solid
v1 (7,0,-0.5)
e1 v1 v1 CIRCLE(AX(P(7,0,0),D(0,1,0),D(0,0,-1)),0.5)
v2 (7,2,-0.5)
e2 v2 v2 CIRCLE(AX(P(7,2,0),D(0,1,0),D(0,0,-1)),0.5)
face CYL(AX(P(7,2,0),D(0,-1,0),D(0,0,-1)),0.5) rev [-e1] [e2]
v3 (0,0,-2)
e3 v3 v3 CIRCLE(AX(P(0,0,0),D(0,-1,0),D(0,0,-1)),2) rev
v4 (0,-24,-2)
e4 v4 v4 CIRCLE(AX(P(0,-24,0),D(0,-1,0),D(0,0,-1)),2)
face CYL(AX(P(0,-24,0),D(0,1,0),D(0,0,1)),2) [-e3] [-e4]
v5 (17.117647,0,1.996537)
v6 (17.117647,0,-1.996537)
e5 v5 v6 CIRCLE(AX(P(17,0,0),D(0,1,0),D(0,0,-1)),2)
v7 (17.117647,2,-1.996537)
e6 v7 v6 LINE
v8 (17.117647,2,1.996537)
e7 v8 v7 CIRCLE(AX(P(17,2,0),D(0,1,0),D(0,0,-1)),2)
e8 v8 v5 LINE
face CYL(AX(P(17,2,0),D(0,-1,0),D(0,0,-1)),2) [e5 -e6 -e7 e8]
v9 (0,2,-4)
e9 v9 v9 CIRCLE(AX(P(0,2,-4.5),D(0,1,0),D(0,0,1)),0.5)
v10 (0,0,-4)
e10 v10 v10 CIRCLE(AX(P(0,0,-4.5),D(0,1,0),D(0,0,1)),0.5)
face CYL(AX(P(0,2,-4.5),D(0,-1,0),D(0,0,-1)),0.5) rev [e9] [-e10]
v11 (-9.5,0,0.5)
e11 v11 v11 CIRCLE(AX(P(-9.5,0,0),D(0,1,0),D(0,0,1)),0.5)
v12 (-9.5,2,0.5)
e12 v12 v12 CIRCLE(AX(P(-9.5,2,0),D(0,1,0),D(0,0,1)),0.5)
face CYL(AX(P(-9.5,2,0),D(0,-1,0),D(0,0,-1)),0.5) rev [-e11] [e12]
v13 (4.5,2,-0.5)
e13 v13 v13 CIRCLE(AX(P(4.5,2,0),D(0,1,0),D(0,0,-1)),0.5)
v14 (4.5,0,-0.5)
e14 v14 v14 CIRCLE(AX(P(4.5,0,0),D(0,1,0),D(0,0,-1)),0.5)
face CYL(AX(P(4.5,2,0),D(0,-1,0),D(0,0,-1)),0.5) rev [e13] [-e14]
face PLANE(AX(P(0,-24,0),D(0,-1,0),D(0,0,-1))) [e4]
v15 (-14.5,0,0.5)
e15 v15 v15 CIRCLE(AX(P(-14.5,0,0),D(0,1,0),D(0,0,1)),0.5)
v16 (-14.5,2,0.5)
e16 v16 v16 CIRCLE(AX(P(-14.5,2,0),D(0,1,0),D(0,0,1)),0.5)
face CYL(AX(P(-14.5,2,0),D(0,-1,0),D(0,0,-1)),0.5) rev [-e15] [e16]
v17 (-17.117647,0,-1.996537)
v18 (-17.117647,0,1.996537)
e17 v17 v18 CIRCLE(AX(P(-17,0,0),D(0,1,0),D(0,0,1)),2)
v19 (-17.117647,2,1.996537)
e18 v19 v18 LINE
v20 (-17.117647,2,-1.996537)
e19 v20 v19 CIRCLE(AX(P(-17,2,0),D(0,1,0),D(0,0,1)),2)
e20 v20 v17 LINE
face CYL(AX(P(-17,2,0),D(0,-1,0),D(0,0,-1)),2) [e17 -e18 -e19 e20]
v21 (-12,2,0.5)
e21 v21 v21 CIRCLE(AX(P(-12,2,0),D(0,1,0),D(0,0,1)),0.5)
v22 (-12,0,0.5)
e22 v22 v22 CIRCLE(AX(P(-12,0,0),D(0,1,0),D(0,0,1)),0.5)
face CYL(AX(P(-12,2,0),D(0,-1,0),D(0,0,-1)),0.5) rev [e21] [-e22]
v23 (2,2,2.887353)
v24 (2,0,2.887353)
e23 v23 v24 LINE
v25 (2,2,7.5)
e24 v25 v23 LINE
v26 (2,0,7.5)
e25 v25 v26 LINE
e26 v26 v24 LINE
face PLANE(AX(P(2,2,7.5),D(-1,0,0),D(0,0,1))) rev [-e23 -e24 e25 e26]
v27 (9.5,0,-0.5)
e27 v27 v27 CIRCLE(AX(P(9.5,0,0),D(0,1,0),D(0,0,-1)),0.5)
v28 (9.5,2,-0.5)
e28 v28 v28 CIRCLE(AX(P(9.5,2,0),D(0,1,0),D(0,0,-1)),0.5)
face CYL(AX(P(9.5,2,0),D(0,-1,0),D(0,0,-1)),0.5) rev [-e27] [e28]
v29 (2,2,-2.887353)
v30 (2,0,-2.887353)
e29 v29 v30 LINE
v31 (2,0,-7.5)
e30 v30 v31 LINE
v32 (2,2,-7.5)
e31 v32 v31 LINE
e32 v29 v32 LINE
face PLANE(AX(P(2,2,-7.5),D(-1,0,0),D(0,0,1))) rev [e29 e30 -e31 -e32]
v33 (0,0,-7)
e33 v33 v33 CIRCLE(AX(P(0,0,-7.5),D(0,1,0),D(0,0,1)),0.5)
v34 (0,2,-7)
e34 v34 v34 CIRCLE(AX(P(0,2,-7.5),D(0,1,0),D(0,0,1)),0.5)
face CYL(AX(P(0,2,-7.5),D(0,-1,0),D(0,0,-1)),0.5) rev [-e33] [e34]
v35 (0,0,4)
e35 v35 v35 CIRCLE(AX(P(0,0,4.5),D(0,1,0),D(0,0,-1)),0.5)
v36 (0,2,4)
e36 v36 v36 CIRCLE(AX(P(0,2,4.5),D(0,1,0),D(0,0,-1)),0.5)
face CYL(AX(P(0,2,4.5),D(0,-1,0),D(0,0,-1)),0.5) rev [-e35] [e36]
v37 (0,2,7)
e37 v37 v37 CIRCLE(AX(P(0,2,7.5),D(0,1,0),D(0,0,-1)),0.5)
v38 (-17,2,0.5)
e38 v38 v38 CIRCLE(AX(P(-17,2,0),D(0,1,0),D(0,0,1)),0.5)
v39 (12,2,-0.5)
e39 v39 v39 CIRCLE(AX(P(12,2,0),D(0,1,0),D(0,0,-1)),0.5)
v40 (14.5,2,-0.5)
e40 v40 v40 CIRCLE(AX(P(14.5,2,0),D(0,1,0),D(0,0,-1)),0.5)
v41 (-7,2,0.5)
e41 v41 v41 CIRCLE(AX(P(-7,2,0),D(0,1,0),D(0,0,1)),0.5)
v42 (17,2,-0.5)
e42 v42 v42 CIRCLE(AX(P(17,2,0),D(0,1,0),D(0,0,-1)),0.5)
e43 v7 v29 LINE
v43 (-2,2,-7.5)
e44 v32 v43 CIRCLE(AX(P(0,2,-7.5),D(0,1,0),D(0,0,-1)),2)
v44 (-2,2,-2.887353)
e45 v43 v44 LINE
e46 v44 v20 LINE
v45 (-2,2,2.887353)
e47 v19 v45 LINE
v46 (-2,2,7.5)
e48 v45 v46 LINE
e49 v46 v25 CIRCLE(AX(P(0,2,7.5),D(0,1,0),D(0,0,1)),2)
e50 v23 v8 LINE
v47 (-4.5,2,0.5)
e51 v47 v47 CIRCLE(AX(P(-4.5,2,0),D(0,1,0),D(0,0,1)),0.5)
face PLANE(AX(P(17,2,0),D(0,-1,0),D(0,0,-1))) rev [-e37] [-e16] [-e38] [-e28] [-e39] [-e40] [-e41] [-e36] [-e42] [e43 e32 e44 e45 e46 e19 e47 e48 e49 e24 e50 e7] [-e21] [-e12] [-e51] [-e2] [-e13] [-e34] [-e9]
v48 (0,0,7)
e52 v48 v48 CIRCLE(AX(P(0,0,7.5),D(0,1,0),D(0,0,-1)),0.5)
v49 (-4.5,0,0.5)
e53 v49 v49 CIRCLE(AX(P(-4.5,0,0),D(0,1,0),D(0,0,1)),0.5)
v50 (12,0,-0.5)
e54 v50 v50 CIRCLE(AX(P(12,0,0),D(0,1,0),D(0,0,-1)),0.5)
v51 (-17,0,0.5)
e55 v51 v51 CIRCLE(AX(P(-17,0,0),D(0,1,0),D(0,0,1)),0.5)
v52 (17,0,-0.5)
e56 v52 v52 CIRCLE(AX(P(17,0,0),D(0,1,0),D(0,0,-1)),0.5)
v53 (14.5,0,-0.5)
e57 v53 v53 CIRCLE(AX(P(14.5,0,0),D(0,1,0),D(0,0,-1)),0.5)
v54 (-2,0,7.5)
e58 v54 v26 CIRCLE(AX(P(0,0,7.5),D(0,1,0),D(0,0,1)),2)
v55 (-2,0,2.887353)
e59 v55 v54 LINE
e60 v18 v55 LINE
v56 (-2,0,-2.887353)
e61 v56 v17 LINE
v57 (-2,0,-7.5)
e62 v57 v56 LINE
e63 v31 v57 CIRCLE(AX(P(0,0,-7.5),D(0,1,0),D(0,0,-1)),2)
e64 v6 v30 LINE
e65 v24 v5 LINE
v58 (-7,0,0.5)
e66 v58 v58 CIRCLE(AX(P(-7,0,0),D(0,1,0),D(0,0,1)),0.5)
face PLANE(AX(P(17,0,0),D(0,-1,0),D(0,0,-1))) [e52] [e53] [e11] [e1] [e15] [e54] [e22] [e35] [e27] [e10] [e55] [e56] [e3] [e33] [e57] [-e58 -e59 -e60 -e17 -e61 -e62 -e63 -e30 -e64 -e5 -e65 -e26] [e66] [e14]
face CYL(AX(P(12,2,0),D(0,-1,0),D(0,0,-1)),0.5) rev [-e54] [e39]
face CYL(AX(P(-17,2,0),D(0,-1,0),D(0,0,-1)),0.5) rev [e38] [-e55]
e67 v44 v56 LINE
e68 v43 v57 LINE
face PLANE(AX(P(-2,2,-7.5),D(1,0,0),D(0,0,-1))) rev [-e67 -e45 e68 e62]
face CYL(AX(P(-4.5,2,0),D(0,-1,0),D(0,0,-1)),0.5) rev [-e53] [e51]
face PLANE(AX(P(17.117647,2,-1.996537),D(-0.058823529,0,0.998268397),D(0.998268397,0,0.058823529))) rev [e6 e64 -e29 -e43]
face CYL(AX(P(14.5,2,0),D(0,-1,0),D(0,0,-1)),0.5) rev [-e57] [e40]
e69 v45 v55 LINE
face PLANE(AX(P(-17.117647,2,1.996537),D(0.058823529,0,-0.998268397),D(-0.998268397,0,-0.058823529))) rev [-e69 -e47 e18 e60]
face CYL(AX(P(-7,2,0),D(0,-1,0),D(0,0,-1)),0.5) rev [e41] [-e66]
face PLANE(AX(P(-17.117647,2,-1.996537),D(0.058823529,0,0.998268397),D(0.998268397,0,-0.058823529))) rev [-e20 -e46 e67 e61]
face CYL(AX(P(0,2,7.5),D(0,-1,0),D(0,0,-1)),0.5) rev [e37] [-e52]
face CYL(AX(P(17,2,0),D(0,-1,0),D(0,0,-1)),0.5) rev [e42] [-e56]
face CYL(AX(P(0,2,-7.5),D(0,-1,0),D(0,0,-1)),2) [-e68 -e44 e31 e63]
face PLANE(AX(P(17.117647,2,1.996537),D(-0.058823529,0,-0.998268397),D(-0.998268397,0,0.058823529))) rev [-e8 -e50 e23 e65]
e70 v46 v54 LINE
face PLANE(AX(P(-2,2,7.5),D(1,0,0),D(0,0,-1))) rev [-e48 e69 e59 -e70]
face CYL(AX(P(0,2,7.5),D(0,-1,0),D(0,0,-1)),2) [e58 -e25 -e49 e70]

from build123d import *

# Parameters (mm, degrees)
SKETCH1_R           = 2
SKETCH1_R_2         = 0.5
BOSS_EXTRUDE1_DEPTH = 2
BOSS_EXTRUDE2_START = 2
SKETCH1_3_R         = 2
BOSS_EXTRUDE2_DEPTH = 26


with BuildPart() as part:
    # Sketch1 → Boss-Extrude1 (new body)
    with BuildSketch(Plane(origin=(0, 0, 0), x_dir=(1, 0, 0), z_dir=(0, 1, 0))):
        with BuildLine():
            Line((2, 7.5), (2, 2.88735269))
            Line((2, 2.88735269), (17.117647059, 1.996536794))
            ThreePointArc((17.117647059, 1.996536794), (19, 0), (17.117647059, -1.996536794))
            Line((17.117647059, -1.996536794), (2, -2.88735269))
            Line((2, -2.88735269), (2, -7.5))
            ThreePointArc((2, -7.5), (0, -9.5), (-2, -7.5))
            Line((-2, -7.5), (-2, -2.88735269))
            Line((-2, -2.88735269), (-17.117647059, -1.996536794))
            ThreePointArc((-17.117647059, -1.996536794), (-19, 0), (-17.117647059, 1.996536794))
            Line((-17.117647059, 1.996536794), (-2, 2.88735269))
            Line((-2, 2.88735269), (-2, 7.5))
            ThreePointArc((-2, 7.5), (0, 9.5), (2, 7.5))
        make_face()
        Circle(SKETCH1_R, mode=Mode.SUBTRACT)
        with Locations((-17, 0)):
            Circle(SKETCH1_R_2, mode=Mode.SUBTRACT)
        with Locations((17, 0)):
            Circle(SKETCH1_R_2, mode=Mode.SUBTRACT)
        with Locations((-14.5, 0)):
            Circle(SKETCH1_R_2, mode=Mode.SUBTRACT)
        with Locations((-12, 0)):
            Circle(SKETCH1_R_2, mode=Mode.SUBTRACT)
        with Locations((-9.5, 0)):
            Circle(SKETCH1_R_2, mode=Mode.SUBTRACT)
        with Locations((-7, 0)):
            Circle(SKETCH1_R_2, mode=Mode.SUBTRACT)
        with Locations((-4.5, 0)):
            Circle(SKETCH1_R_2, mode=Mode.SUBTRACT)
        with Locations((4.5, 0)):
            Circle(SKETCH1_R_2, mode=Mode.SUBTRACT)
        with Locations((7, 0)):
            Circle(SKETCH1_R_2, mode=Mode.SUBTRACT)
        with Locations((9.5, 0)):
            Circle(SKETCH1_R_2, mode=Mode.SUBTRACT)
        with Locations((12, 0)):
            Circle(SKETCH1_R_2, mode=Mode.SUBTRACT)
        with Locations((14.5, 0)):
            Circle(SKETCH1_R_2, mode=Mode.SUBTRACT)
        with Locations((0, 7.5)):
            Circle(SKETCH1_R_2, mode=Mode.SUBTRACT)
        with Locations((0, 4.5)):
            Circle(SKETCH1_R_2, mode=Mode.SUBTRACT)
        with Locations((0, -4.5)):
            Circle(SKETCH1_R_2, mode=Mode.SUBTRACT)
        with Locations((0, -7.5)):
            Circle(SKETCH1_R_2, mode=Mode.SUBTRACT)
    extrude(amount=BOSS_EXTRUDE1_DEPTH)

    # Sketch1_3 → Boss-Extrude2 (add)
    with BuildSketch(Plane(origin=(0, 0, 0), x_dir=(1, 0, 0), z_dir=(0, 1, 0)).offset(BOSS_EXTRUDE2_START)):
        Circle(SKETCH1_3_R)
    extrude(amount=-BOSS_EXTRUDE2_DEPTH)


solid = part.part
